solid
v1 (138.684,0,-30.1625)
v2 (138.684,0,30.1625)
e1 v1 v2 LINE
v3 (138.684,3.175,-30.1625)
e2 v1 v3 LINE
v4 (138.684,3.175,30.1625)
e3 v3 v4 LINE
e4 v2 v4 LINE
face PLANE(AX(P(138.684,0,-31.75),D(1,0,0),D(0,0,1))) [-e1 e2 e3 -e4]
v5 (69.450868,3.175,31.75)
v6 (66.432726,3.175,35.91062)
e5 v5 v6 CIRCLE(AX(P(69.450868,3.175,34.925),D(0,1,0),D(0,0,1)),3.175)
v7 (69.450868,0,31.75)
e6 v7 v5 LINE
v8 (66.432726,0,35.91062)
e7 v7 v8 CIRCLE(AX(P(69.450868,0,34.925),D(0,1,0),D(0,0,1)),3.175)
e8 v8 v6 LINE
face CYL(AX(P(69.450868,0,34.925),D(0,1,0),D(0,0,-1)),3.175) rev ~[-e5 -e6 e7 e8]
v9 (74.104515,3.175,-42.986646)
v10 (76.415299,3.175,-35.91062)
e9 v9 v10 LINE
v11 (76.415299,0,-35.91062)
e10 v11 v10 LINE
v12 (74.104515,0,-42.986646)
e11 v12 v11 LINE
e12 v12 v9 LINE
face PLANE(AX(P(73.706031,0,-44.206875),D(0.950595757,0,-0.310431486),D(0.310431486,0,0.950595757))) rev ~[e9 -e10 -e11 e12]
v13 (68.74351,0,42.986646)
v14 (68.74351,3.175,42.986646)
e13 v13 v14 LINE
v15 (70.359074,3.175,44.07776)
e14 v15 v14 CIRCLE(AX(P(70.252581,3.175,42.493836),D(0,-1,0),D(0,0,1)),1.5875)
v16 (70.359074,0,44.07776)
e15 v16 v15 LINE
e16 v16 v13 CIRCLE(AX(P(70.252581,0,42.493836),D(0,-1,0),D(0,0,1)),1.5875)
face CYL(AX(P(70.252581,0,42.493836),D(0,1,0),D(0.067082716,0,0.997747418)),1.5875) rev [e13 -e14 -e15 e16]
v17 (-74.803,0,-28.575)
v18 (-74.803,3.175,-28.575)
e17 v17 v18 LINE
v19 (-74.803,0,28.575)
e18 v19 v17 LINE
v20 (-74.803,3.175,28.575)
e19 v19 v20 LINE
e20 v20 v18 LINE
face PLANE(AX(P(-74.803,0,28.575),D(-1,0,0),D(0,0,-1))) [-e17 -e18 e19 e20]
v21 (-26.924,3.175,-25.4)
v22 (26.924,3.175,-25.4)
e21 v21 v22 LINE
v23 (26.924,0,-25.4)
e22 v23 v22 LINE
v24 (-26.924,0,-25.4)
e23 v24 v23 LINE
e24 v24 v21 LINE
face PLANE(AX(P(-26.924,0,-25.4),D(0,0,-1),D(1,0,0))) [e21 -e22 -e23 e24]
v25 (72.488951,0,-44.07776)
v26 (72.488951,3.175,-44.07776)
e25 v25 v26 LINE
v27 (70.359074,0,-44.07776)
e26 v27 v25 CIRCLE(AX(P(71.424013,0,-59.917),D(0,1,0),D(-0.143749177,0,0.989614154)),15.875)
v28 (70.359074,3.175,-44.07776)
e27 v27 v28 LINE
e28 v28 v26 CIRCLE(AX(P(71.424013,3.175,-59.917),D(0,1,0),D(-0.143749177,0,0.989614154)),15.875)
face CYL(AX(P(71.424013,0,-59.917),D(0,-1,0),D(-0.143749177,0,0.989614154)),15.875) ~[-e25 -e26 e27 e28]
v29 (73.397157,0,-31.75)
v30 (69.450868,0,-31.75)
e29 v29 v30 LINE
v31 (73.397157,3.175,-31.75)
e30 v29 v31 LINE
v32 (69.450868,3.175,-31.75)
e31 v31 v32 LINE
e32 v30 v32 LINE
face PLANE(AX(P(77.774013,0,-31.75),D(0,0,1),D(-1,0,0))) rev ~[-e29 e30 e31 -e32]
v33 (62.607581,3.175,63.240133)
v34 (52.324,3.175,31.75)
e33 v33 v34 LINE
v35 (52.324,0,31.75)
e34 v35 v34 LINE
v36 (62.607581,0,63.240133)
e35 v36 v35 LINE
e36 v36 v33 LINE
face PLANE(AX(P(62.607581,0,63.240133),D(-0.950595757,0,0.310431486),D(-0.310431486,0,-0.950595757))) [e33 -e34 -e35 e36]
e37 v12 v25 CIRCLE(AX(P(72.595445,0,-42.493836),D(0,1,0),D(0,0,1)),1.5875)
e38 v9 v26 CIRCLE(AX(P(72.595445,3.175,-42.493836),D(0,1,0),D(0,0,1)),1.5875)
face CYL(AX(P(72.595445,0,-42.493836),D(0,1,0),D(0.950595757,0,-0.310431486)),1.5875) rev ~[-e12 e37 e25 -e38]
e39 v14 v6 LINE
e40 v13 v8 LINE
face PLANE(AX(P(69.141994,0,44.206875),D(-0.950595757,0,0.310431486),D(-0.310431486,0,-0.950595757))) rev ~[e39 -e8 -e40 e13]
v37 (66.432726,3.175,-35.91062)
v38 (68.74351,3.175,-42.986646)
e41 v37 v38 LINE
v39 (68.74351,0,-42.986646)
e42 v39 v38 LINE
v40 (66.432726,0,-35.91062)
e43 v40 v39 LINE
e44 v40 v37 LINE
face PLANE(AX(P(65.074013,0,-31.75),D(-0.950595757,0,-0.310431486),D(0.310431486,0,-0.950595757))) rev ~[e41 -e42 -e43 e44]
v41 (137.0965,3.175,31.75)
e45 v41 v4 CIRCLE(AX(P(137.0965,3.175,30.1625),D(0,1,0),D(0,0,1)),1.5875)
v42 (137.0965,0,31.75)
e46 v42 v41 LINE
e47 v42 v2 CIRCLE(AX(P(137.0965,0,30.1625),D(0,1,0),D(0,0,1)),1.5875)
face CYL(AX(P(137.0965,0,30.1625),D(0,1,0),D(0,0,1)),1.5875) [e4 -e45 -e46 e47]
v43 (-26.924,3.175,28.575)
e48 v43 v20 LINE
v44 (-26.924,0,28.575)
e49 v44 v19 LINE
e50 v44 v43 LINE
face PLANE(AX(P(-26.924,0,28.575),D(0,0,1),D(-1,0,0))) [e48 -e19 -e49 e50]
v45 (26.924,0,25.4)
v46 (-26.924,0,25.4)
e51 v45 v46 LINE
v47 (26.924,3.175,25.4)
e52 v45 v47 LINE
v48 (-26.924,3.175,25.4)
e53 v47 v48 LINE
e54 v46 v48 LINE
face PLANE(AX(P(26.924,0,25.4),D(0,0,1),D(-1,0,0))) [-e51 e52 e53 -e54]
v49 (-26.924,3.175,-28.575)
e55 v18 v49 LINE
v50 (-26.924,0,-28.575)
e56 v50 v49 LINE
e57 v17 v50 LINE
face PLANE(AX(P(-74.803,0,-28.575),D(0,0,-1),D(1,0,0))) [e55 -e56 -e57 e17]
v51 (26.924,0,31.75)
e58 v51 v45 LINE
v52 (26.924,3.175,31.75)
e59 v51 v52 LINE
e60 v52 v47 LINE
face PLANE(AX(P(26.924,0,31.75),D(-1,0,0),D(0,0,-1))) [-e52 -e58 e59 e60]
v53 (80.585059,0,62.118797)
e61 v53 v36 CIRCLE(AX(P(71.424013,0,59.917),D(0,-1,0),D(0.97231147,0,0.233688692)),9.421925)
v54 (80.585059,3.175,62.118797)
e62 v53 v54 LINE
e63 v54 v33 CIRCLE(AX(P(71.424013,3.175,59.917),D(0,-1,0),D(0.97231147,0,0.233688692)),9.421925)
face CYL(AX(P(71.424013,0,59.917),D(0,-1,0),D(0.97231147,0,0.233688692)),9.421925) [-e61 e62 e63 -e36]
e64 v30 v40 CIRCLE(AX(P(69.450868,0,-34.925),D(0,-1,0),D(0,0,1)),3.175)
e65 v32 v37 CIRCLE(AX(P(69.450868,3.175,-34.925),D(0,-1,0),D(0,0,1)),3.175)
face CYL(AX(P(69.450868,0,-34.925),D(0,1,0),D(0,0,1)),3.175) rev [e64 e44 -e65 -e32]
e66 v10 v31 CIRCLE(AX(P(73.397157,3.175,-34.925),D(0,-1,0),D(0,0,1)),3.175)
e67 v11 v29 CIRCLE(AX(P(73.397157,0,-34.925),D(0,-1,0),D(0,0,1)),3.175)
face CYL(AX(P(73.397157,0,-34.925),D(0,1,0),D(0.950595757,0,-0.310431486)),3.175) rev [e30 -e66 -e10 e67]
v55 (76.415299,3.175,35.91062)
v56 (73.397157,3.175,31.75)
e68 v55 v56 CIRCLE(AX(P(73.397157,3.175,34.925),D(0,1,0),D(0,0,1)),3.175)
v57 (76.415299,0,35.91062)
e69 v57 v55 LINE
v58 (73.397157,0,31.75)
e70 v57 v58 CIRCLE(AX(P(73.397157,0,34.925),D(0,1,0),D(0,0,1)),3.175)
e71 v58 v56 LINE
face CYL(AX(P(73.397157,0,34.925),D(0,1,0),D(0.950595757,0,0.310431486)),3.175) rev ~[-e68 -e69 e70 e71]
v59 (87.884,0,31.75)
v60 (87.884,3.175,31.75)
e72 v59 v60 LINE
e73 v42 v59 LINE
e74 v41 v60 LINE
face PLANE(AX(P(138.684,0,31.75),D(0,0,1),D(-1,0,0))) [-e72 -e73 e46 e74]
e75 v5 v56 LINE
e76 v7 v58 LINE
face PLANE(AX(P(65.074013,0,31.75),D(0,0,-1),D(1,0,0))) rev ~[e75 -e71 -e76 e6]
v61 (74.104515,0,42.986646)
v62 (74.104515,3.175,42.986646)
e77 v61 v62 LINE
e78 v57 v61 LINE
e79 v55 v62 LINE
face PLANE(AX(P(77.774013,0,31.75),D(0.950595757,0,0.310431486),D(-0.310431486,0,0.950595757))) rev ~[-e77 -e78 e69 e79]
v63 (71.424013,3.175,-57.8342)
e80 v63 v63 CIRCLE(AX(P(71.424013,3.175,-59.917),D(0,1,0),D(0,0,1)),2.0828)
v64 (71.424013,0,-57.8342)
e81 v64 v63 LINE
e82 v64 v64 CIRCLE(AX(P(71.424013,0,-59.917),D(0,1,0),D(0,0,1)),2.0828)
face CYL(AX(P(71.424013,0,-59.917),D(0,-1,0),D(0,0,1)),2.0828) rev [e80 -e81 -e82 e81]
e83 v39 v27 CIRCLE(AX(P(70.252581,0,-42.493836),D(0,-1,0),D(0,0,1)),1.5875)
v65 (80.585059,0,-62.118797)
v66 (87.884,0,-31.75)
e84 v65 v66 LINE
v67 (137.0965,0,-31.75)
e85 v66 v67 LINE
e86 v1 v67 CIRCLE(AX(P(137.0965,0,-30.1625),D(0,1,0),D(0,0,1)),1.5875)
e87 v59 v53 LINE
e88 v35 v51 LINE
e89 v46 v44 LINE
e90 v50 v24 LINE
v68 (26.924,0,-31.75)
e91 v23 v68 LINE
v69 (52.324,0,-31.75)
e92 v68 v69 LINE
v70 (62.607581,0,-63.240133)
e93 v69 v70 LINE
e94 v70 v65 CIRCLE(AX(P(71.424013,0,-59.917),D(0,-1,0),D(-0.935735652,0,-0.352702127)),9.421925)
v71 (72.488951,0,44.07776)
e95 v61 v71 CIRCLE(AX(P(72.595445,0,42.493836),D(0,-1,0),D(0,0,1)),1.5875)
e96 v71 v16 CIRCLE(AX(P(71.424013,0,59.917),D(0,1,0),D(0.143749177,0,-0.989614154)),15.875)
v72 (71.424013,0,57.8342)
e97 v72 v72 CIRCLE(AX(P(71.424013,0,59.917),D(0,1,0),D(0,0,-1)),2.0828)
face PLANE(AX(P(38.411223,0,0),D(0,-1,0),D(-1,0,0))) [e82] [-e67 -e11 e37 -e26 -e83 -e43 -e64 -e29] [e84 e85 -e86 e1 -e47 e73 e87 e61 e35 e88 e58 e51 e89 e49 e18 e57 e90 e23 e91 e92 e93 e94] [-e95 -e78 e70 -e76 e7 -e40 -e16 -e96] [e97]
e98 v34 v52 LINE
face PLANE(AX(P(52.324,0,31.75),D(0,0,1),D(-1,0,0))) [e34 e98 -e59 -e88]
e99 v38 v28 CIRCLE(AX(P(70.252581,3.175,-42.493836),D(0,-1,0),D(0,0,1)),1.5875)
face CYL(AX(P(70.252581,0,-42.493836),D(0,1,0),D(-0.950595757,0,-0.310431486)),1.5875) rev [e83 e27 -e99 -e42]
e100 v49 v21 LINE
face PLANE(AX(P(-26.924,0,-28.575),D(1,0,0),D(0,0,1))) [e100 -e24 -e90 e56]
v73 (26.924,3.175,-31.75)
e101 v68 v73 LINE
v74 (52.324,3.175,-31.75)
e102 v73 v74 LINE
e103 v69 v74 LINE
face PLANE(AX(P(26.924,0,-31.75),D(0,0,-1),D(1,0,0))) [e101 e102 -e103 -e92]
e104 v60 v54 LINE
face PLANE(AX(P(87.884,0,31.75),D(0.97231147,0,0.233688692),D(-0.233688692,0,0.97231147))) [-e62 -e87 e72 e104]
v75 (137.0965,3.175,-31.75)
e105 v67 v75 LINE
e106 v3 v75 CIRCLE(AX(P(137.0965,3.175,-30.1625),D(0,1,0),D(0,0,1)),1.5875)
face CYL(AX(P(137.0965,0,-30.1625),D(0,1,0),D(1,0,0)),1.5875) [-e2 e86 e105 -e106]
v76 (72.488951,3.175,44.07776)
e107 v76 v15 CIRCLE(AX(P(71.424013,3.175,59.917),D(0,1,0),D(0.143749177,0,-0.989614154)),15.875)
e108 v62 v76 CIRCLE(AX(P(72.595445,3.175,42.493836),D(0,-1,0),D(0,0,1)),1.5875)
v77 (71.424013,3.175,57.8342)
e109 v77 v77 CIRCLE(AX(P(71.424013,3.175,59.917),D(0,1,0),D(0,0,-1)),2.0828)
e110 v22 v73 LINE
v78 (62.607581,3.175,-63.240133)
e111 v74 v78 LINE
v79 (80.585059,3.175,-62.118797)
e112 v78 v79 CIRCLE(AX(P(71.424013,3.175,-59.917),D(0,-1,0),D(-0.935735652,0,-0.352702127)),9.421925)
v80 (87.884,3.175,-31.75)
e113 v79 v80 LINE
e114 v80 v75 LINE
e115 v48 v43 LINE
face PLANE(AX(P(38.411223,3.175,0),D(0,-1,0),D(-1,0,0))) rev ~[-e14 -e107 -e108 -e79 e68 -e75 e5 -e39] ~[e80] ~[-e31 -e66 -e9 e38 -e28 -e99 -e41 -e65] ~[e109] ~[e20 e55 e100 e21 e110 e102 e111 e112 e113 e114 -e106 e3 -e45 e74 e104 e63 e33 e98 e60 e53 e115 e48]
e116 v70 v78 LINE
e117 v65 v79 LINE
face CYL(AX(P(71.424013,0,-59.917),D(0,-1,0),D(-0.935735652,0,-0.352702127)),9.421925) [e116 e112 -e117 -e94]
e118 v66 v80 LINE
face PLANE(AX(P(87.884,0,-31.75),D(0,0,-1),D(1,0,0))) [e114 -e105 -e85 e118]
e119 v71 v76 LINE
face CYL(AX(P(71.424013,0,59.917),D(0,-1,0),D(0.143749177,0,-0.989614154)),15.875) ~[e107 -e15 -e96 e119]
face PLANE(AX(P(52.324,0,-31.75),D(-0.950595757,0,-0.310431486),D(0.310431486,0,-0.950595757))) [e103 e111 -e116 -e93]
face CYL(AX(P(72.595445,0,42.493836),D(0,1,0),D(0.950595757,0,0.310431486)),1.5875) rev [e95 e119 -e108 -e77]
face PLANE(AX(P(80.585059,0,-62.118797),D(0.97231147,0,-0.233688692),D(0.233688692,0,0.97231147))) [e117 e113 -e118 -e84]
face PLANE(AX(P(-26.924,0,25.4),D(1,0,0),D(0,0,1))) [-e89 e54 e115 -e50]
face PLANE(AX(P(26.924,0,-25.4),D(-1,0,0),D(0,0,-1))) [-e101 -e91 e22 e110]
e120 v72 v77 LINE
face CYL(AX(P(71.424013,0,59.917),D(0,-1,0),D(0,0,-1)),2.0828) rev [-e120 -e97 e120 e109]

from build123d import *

# Parameters (mm, degrees)
SKETCH1_R           = 2.0828
BOSS_EXTRUDE1_DEPTH = 3.175
FILLET1_R           = 1.5875
FILLET2_R           = 3.175
FILLET3_R           = 1.5875


with BuildPart() as part:
    # Sketch1 → Boss-Extrude1 (new body)
    with BuildSketch(Plane(origin=(0, 0, 0), x_dir=(1, 0, 0), z_dir=(0, 1, 0))):
        with BuildLine():
            Line((26.924, -25.4), (-26.924, -25.4))
            Line((-26.924, -25.4), (-26.924, -28.575))
            Line((-26.924, -28.575), (-46.228, -28.575))
            Line((-46.228, -28.575), (-74.803, -28.575))
            Line((-74.803, -28.575), (-74.803, 28.575))
            Line((-74.803, 28.575), (-46.228, 28.575))
            Line((-46.228, 28.575), (-26.924, 28.575))
            Line((-26.924, 28.575), (-26.924, 25.4))
            Line((-26.924, 25.4), (26.924, 25.4))
            Line((26.924, 25.4), (26.924, 31.75))
            Line((26.924, 31.75), (52.324, 31.75))
            Line((52.324, 31.75), (62.607581289, 63.240132856))
            ThreePointArc((62.607581289, 63.240132856), (72.010560326, 69.32064995), (80.585058538, 62.118797179))
            Line((80.585058538, 62.118797179), (87.884, 31.75))
            Line((87.884, 31.75), (138.684, 31.75))
            Line((138.684, 31.75), (138.684, -31.75))
            Line((138.684, -31.75), (87.884, -31.75))
            Line((87.884, -31.75), (80.585058538, -62.118797179))
            ThreePointArc((80.585058538, -62.118797179), (72.010560326, -69.32064995), (62.607581289, -63.240132856))
            Line((62.607581289, -63.240132856), (52.324, -31.75))
            Line((52.324, -31.75), (26.924, -31.75))
            Line((26.924, -31.75), (26.924, -25.4))
        make_face()
        with Locations(Location((71.4240126, 59.9169998, 0), (0, 0, 270))):
            Circle(SKETCH1_R, mode=Mode.SUBTRACT)
        with Locations(Location((71.4240126, -59.9169998, 0), (0, 0, 90))):
            Circle(SKETCH1_R, mode=Mode.SUBTRACT)
        with BuildLine():
            Line((77.7740126, 31.75), (65.0740126, 31.75))
            Line((65.0740126, 31.75), (69.141994412, 44.206875103))
            ThreePointArc((69.141994412, 44.206875103), (71.4240126, 44.0419998), (73.706030788, 44.206875103))
            Line((73.706030788, 44.206875103), (77.7740126, 31.75))
        make_face(mode=Mode.SUBTRACT)
        with BuildLine():
            Line((77.7740126, -31.75), (73.706030788, -44.206875103))
            ThreePointArc((73.706030788, -44.206875103), (71.4240126, -44.0419998), (69.141994412, -44.206875103))
            Line((69.141994412, -44.206875103), (65.0740126, -31.75))
            Line((65.0740126, -31.75), (77.7740126, -31.75))
        make_face(mode=Mode.SUBTRACT)
    extrude(amount=BOSS_EXTRUDE1_DEPTH)

    # Fillet1
    fillet1_edges = [part.edges().sort_by_distance(p)[0] for p in [
        (69.141994412, 1.5875, 44.206875103),
        (73.706030788, 1.5875, 44.206875103),
        (69.141994412, 1.5875, -44.206875103),
        (73.706030788, 1.5875, -44.206875103),
    ]]
    fillet(fillet1_edges, radius=FILLET1_R)

    # Fillet2
    fillet2_edges = [part.edges().sort_by_distance(p)[0] for p in [
        (77.7740126, 1.5875, 31.75),
        (65.0740126, 1.5875, 31.75),
        (65.0740126, 1.5875, -31.75),
        (77.7740126, 1.5875, -31.75),
    ]]
    fillet(fillet2_edges, radius=FILLET2_R)

    # Fillet3
    fillet3_edges = [part.edges().sort_by_distance(p)[0] for p in [
        (138.684, 1.5875, -31.75),
        (138.684, 1.5875, 31.75),
    ]]
    fillet(fillet3_edges, radius=FILLET3_R)


solid = part.part
